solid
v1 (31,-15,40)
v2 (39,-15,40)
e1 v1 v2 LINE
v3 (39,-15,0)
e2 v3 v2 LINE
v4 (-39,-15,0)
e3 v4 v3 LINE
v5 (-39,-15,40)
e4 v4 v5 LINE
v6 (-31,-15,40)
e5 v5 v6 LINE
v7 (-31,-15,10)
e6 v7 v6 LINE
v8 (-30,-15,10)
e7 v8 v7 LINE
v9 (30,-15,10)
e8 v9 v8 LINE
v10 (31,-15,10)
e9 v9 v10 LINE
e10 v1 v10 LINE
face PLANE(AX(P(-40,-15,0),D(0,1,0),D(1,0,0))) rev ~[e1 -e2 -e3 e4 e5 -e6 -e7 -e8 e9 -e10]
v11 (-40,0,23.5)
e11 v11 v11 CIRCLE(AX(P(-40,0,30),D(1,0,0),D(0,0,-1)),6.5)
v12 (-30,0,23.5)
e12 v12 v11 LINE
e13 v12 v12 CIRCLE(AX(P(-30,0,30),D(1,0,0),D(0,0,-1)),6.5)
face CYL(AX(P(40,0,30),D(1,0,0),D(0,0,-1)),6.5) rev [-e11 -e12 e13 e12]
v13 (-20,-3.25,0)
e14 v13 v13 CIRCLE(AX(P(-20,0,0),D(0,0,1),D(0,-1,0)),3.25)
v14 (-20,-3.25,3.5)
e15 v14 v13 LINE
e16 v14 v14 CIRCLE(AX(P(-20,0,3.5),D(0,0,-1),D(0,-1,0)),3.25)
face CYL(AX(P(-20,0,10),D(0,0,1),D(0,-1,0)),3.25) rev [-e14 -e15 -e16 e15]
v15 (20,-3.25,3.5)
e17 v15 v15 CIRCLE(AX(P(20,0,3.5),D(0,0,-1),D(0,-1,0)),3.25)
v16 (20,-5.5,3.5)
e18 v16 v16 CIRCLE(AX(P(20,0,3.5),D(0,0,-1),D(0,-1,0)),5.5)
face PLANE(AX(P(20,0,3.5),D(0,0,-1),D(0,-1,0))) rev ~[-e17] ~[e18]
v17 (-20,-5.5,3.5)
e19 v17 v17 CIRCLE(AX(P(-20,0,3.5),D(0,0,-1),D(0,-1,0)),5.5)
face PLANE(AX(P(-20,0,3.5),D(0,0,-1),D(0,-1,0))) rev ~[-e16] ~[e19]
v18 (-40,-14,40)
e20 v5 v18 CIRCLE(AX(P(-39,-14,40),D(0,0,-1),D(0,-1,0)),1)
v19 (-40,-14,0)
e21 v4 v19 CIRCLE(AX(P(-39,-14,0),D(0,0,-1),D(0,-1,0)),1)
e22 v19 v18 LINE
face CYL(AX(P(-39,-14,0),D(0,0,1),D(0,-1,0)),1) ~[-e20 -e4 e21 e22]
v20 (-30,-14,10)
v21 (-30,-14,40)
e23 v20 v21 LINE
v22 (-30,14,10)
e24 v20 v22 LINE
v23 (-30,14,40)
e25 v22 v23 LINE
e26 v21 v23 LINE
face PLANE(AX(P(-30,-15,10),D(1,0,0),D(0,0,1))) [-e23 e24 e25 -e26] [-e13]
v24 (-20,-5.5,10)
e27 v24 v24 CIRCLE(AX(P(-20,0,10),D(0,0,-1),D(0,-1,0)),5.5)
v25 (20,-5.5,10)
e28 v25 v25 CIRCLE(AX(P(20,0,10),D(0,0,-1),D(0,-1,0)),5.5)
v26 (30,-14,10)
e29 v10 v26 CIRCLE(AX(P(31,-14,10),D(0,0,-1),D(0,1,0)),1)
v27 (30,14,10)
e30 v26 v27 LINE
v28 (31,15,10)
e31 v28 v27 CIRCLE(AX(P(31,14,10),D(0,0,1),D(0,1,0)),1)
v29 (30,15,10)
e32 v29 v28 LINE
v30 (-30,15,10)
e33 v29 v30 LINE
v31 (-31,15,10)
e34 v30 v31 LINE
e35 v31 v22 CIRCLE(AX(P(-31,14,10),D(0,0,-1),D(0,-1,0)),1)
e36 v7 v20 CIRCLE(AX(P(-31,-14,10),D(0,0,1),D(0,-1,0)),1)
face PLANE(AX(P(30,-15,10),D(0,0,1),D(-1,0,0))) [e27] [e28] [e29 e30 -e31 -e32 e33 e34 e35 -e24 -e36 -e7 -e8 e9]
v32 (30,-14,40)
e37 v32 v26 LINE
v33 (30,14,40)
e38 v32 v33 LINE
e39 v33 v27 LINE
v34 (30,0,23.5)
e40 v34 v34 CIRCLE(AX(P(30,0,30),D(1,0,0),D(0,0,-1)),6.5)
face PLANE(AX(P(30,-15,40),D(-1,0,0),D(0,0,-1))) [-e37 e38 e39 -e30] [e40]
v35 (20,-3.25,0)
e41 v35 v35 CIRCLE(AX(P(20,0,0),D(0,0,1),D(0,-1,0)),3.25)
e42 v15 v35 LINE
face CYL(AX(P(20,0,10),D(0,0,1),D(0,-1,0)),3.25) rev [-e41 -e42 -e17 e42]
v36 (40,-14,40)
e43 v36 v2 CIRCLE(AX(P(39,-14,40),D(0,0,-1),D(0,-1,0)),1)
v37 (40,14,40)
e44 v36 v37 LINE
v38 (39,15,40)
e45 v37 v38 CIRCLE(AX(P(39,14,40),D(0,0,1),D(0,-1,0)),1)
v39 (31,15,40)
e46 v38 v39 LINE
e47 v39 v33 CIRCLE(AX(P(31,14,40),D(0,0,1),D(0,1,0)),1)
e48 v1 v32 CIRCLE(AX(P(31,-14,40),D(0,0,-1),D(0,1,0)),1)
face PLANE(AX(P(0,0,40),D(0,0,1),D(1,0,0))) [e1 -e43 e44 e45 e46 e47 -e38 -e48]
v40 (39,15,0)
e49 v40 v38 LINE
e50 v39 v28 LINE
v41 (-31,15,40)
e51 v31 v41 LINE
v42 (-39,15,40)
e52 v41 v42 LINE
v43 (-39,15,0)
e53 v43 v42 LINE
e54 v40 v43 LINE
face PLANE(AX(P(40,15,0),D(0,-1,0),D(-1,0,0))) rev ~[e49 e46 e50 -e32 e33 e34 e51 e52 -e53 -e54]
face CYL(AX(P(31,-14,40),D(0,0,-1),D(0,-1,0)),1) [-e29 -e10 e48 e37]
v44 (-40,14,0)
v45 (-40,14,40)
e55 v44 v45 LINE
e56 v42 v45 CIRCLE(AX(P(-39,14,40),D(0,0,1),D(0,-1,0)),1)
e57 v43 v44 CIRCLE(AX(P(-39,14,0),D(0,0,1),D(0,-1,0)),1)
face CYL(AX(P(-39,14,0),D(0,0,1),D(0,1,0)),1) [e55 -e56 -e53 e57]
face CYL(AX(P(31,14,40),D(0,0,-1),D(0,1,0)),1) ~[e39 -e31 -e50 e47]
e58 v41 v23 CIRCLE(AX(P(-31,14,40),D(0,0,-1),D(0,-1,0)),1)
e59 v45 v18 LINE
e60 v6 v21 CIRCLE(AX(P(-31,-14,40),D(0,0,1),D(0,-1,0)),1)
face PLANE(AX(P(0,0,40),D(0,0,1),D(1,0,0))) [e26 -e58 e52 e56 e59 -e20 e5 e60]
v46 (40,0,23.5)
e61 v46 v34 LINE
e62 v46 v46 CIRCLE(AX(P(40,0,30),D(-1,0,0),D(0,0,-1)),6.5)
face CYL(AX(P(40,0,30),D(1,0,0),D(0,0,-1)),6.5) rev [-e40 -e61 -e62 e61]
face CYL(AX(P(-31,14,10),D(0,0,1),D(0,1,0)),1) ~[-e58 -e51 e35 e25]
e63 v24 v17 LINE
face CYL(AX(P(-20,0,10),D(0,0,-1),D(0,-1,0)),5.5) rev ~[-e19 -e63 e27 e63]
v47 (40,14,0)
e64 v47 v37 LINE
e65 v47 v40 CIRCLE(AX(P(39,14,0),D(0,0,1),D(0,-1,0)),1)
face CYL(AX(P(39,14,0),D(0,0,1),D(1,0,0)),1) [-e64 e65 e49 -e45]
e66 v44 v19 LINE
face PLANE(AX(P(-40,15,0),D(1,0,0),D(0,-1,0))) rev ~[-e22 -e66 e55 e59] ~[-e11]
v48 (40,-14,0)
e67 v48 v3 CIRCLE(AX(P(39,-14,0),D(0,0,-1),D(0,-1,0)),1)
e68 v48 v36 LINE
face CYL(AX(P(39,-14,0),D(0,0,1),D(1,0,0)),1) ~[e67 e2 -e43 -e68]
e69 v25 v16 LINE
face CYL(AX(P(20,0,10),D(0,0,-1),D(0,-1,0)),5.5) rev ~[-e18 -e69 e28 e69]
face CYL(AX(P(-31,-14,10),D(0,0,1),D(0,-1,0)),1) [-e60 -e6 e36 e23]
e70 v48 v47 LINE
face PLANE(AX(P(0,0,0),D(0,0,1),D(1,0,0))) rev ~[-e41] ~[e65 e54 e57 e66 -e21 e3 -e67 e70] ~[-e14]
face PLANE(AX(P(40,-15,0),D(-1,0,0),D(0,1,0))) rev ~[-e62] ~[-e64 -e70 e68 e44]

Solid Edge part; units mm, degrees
sketch "Sketch1" plane through (0, 0, 0) normal (0, 0, 1) x (1, 0, 0)
  line L0 (40, -15) -> (40, 15)
  line L1 (40, 15) -> (-40, 15)
  line L2 (-40, 15) -> (-40, -15)
  line L3 (-40, -15) -> (40, -15)
extrude "Protrusion1" add sketch "Sketch1" along normal blind 40
sketch "Sketch2" plane through (0, -15, 20) normal (0, -1, 0) x (1, 0, 0)
  line L0 (-30, -10) -> (-30, 20)
  line L1 (-30, 20) -> (30, 20)
  line L2 (30, 20) -> (30, -10)
  line L3 (30, -10) -> (-30, -10)
extrude "Cutout1" cut sketch "Sketch2" against normal through all
hole "Bohrung_6" at (-20, 0, 10) direction (0, 0, -1) diameter 6.5 end up to next counterbore diameter 11 counterbore depth 6.5
hole "Hole1" at (20, 0, 10) direction (0, 0, -1) diameter 6.5 end up to next counterbore diameter 11 counterbore depth 6.5
hole "Bohrung_8" at (40, 0, 30) direction (-1, 0, 0) diameter 13 end through all
fillet "Verrundung_2" radius 1 8 edges at (-40, -15, 20) (-30, -15, 25) (-30, 15, 25) (-40, 15, 20) (40, -15, 20) (40, 15, 20) (30, -15, 25) (30, 15, 25)
